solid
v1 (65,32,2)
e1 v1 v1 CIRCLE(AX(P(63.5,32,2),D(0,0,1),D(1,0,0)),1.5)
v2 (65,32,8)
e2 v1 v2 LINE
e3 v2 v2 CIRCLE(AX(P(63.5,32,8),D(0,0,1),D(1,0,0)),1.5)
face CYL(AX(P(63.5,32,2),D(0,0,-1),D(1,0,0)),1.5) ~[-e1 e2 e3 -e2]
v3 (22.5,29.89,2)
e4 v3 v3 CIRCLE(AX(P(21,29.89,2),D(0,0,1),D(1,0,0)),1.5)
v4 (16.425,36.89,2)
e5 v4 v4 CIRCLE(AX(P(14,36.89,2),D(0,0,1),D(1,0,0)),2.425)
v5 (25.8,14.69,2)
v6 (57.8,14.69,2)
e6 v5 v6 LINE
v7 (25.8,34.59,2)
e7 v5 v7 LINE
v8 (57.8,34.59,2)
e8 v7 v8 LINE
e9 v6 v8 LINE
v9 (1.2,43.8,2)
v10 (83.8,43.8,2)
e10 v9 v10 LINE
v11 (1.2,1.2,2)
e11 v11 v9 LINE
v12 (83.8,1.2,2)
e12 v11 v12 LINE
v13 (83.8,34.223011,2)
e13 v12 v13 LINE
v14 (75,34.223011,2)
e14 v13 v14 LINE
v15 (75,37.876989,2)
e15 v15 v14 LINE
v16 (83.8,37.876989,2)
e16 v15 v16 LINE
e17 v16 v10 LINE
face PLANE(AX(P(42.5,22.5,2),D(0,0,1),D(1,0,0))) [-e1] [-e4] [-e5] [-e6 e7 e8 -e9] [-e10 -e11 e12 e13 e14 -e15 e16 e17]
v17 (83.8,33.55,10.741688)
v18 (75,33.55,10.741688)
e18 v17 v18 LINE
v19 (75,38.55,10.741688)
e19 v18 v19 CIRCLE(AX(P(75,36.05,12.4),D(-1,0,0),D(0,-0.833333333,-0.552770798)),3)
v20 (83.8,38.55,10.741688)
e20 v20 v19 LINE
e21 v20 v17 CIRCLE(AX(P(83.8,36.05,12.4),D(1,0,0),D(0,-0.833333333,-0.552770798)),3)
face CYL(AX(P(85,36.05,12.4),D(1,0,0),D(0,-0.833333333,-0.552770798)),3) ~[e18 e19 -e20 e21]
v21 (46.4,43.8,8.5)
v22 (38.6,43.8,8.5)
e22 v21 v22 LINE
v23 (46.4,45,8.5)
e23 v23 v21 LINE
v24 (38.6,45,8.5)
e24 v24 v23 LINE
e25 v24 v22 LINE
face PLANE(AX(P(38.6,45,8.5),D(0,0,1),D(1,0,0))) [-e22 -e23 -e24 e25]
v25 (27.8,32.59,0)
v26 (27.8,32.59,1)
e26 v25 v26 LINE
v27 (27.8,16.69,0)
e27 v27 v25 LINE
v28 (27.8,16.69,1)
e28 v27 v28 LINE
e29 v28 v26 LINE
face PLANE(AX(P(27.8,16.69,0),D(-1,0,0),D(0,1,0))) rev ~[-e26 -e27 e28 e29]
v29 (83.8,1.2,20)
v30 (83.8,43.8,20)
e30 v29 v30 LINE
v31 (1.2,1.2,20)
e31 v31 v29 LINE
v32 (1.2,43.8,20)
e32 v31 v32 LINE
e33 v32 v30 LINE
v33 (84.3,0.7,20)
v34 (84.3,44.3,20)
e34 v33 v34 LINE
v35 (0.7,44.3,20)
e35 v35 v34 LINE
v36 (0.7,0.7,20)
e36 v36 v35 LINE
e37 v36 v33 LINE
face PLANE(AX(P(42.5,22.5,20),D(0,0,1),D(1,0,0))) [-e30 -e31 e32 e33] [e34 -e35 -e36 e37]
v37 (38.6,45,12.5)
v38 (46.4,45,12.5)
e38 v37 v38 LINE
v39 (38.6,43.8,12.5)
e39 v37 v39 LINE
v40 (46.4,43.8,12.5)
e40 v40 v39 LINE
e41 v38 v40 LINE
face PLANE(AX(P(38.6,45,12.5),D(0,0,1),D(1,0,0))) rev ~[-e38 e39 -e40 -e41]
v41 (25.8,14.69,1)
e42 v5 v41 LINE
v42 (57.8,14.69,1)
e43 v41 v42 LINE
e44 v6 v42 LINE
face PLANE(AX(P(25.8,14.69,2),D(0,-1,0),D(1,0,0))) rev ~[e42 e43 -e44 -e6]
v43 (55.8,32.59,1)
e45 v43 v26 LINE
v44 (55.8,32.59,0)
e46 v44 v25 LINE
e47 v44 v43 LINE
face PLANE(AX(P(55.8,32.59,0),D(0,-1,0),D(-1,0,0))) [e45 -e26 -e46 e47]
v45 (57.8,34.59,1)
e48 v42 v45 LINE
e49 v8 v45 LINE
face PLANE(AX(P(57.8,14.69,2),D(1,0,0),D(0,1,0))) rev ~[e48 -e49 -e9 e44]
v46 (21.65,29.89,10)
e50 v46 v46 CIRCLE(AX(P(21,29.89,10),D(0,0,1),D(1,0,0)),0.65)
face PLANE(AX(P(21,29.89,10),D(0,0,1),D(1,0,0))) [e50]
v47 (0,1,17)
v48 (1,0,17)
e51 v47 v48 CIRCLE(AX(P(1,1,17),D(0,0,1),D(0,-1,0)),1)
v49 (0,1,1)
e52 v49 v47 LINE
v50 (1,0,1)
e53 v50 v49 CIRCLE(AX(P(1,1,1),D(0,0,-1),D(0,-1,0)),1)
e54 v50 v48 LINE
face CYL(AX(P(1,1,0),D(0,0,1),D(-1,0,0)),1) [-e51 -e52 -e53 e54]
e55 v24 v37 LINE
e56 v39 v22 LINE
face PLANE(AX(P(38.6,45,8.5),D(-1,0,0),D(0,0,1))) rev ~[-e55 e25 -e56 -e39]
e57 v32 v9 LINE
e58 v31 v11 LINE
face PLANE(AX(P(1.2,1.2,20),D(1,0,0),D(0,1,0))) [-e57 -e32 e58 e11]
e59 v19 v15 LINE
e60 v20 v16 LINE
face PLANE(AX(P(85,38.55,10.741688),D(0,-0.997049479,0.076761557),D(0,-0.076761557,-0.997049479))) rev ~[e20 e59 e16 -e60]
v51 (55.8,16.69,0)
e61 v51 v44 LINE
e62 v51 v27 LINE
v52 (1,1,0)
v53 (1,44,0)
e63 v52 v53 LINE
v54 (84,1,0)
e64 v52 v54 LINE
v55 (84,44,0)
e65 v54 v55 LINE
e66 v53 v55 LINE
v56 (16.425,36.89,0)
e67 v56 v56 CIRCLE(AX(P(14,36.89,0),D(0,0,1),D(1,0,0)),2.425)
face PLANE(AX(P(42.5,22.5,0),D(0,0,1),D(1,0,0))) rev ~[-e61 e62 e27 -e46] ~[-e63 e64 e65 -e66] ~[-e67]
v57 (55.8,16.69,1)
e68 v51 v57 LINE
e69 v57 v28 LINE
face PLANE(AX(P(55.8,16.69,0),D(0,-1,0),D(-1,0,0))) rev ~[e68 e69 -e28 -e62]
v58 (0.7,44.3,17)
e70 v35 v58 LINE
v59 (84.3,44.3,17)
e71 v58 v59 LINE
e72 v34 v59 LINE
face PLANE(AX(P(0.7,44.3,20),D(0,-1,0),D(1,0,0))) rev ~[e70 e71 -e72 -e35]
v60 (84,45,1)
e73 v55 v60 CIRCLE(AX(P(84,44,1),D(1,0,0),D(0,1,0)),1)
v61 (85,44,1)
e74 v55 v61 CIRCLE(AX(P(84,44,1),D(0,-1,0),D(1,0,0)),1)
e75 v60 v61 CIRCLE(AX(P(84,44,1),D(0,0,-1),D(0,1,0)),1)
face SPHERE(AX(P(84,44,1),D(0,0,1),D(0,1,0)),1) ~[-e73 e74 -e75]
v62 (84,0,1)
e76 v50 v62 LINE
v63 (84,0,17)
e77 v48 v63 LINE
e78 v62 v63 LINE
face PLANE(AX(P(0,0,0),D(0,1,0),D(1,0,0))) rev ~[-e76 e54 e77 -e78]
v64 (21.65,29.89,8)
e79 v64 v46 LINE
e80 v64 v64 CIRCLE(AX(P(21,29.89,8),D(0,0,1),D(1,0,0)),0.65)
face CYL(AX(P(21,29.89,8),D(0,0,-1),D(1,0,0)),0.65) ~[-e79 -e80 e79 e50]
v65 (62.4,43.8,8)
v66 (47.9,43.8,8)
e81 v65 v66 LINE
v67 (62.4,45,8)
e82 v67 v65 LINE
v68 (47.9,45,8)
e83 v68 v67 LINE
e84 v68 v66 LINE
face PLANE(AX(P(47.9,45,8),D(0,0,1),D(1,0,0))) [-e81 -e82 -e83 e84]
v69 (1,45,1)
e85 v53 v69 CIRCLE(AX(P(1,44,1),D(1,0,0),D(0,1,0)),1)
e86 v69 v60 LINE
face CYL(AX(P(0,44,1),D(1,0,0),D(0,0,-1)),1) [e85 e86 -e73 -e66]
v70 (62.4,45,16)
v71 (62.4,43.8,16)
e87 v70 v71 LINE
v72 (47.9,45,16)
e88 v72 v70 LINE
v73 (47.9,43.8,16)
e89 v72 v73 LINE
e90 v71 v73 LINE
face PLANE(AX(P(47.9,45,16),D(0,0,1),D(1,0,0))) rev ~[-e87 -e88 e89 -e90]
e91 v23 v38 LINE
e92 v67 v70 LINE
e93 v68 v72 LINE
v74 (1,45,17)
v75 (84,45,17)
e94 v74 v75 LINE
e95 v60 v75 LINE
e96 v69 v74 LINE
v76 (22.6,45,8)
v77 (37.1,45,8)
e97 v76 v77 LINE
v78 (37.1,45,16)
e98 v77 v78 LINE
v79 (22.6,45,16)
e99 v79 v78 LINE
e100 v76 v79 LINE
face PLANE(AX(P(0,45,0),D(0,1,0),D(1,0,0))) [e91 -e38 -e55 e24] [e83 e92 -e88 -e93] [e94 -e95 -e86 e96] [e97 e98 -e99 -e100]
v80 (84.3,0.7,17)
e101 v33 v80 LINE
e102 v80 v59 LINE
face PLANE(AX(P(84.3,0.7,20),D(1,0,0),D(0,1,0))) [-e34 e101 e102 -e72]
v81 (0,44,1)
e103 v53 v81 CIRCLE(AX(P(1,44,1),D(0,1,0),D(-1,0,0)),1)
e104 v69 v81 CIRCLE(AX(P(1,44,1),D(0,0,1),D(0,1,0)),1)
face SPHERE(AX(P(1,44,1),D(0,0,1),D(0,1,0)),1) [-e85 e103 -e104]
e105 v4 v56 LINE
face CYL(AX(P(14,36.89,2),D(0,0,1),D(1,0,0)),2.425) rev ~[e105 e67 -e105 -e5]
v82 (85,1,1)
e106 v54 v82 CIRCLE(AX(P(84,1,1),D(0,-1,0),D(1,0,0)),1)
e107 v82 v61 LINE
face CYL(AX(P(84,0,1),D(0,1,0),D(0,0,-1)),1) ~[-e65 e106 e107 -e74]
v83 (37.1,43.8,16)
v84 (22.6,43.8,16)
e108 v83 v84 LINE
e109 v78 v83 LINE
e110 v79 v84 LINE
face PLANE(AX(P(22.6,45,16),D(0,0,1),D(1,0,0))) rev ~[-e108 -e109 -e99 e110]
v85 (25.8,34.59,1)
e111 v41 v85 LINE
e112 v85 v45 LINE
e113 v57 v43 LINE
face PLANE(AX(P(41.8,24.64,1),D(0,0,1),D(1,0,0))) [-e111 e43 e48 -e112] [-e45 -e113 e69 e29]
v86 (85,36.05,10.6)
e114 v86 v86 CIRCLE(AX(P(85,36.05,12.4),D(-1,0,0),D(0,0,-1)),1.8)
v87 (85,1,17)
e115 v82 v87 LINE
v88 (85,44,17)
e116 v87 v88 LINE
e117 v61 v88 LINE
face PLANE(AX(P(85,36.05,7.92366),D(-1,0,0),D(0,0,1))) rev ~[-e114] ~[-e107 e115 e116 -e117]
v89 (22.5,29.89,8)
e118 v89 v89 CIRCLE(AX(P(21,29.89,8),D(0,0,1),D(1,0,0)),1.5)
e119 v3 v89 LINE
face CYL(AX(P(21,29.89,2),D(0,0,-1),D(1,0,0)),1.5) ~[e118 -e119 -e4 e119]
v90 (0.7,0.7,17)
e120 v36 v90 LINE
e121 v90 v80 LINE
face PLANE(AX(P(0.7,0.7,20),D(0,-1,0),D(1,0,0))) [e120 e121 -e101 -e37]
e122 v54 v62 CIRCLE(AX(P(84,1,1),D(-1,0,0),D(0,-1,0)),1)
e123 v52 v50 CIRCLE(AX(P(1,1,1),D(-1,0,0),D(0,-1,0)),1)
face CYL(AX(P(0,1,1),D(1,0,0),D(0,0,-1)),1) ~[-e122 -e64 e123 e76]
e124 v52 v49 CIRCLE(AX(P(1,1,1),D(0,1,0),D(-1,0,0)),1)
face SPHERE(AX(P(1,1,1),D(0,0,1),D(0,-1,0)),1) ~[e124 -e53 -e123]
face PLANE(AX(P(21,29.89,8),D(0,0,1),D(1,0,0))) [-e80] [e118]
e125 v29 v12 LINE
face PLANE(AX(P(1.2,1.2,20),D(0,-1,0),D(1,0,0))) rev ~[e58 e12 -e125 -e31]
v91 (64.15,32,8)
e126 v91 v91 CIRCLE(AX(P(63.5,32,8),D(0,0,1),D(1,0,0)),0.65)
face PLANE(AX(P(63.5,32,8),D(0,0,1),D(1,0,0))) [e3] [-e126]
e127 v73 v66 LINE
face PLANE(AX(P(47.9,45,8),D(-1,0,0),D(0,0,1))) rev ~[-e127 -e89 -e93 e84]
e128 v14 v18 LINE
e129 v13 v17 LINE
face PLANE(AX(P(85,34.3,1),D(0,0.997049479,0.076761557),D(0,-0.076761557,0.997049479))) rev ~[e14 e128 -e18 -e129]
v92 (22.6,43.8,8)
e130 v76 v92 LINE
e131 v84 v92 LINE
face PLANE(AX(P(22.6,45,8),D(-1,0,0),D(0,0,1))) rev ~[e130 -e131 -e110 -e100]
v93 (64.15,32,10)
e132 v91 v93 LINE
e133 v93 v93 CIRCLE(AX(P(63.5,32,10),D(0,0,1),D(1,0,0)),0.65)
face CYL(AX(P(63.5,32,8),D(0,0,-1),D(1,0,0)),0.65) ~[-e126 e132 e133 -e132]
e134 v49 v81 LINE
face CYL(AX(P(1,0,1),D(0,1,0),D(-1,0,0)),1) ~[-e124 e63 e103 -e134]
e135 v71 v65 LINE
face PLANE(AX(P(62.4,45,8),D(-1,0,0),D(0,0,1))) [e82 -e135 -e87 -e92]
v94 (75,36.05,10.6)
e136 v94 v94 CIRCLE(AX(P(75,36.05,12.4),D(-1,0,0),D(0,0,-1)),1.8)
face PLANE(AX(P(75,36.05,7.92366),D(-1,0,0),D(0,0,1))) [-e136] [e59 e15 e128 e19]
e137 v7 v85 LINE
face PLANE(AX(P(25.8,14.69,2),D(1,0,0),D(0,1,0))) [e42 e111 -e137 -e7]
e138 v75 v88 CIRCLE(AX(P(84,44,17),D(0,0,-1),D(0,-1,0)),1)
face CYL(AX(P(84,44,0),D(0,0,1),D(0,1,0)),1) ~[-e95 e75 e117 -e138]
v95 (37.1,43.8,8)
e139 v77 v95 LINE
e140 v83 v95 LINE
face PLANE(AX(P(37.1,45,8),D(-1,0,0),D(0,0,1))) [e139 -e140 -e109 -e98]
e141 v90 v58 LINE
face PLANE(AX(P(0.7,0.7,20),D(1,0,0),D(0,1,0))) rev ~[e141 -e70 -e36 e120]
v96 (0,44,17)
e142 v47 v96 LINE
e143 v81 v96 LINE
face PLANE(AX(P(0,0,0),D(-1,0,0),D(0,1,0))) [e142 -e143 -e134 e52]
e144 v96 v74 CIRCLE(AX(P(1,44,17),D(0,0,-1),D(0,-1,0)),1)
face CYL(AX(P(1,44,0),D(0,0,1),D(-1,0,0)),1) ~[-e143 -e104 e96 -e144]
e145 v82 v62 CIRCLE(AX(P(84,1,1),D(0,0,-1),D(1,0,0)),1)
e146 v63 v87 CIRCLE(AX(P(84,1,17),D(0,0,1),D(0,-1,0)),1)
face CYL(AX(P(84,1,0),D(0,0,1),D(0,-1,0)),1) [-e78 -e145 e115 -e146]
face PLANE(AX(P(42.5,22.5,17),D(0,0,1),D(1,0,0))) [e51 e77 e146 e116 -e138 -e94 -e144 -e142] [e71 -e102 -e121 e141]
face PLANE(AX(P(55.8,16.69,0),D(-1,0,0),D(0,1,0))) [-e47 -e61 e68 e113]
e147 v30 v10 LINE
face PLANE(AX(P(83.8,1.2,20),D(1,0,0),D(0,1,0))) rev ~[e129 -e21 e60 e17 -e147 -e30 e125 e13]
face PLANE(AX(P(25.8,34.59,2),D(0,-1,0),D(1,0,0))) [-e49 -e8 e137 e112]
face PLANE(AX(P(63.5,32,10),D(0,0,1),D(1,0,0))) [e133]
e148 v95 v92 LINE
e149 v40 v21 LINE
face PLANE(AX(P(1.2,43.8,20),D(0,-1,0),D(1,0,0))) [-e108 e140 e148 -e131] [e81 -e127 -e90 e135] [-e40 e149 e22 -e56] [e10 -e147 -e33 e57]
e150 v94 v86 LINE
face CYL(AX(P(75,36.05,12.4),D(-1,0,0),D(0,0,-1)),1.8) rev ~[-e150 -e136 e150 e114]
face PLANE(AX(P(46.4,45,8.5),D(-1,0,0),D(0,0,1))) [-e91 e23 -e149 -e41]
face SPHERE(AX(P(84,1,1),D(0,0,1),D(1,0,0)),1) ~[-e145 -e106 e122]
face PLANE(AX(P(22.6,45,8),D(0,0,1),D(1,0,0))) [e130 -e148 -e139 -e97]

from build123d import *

# Parameters (mm, degrees)
SKETCH_1_W          = 85
SKETCH_1_H          = 45
EXTRUDE_1_DEPTH     = 20
SKETCH_2_W          = 82.6
SKETCH_2_H          = 42.6
CUT_EXTRUDE_1_DEPTH = 18
SKETCH_3_R          = 52.564832307
SKETCH_3_W          = 83.6
SKETCH_3_H          = 43.6
CUT_EXTRUDE_2_DEPTH = 3
SKETCH_4_R          = 1.5
CUT_EXTRUDE_3_DEPTH = 10
SKETCH_6_R          = 1.5
EXTRUDE_2_DEPTH     = 6
SKETCH_7_R          = 0.65
EXTRUDE_3_DEPTH     = 2
SKETCH_5_W          = 28
SKETCH_5_H          = 15.9
CUT_EXTRUDE_4_DEPTH = 99.234413522
SKETCH_9_W          = 32
SKETCH_9_H          = 19.9
CUT_EXTRUDE_5_DEPTH = 1
SKETCH_10_W         = 14.5
SKETCH_10_H         = 8
SKETCH_10_W_2       = 7.8
SKETCH_10_H_2       = 4
CUT_EXTRUDE_6_DEPTH = 10
FILLET_1_R          = 1
SKETCH_11_R         = 1.8
EXTRUDE_4_DEPTH     = 10
SKETCH_12_R         = 1.8
CUT_EXTRUDE_7_DEPTH = 90.721792225
SKETCH_13_R         = 2.425
CUT_EXTRUDE_8_DEPTH = 98.846819059


with BuildPart() as part:
    # Эскиз1 → Бобышка-Вытянуть1 (new body)
    with BuildSketch(Plane.XY):
        with Locations((42.5, 22.5)):
            Rectangle(SKETCH_1_W, SKETCH_1_H)
    extrude(amount=EXTRUDE_1_DEPTH)

    # Эскиз2 → Вырез-Вытянуть1 (cut)
    with BuildSketch(Plane.XY.offset(20)):
        with Locations((42.5, 22.5)):
            Rectangle(SKETCH_2_W, SKETCH_2_H)
    extrude(amount=-CUT_EXTRUDE_1_DEPTH, mode=Mode.SUBTRACT)

    # Эскиз3 → Вырез-Вытянуть2 (cut)
    with BuildSketch(Plane.XY.offset(20)):
        with Locations((42.5, 22.5)):
            Circle(SKETCH_3_R)
        with Locations((42.5, 22.5)):
            Rectangle(SKETCH_3_W, SKETCH_3_H, mode=Mode.SUBTRACT)
    extrude(amount=-CUT_EXTRUDE_2_DEPTH, mode=Mode.SUBTRACT)

    # Эскиз4 → Вырез-Вытянуть3 (cut)
    with BuildSketch(Plane.ZY.offset(-85)):
        with Locations(Location((12.4, 36.05, 0), (0, 0, 180))):
            Circle(SKETCH_4_R)
    extrude(amount=CUT_EXTRUDE_3_DEPTH, mode=Mode.SUBTRACT)

    # Эскиз6 → Бобышка-Вытянуть2 (add)
    with BuildSketch(Plane.XY.offset(2)):
        with Locations((21, 29.89)):
            Circle(SKETCH_6_R)
        with Locations((63.5, 32)):
            Circle(SKETCH_6_R)
    extrude(amount=EXTRUDE_2_DEPTH)

    # Эскиз7 → Бобышка-Вытянуть3 (add)
    with BuildSketch(Plane.XY.offset(8)):
        with Locations((21, 29.89)):
            Circle(SKETCH_7_R)
        with Locations((63.5, 32)):
            Circle(SKETCH_7_R)
    extrude(amount=EXTRUDE_3_DEPTH)

    # Эскиз5 → Вырез-Вытянуть4 (cut, through all)
    with BuildSketch(Plane(origin=(0, 0, 0), x_dir=(-1, 0, 0), z_dir=(0, 0, -1))):
        with Locations((-41.8, 24.64)):
            Rectangle(SKETCH_5_W, SKETCH_5_H)
    extrude(amount=-CUT_EXTRUDE_4_DEPTH, mode=Mode.SUBTRACT)

    # Эскиз9 → Вырез-Вытянуть5 (cut)
    with BuildSketch(Plane.XY.offset(2)):
        with Locations((41.8, 24.64)):
            Rectangle(SKETCH_9_W, SKETCH_9_H)
    extrude(amount=-CUT_EXTRUDE_5_DEPTH, mode=Mode.SUBTRACT)

    # Эскиз10 → Вырез-Вытянуть6 (cut)
    with BuildSketch(Plane.XZ.offset(-45)):
        with Locations((29.85, 12)):
            Rectangle(SKETCH_10_W, SKETCH_10_H)
        with Locations((55.15, 12)):
            Rectangle(SKETCH_10_W, SKETCH_10_H)
        with Locations((42.5, 10.5)):
            Rectangle(SKETCH_10_W_2, SKETCH_10_H_2)
    extrude(amount=CUT_EXTRUDE_6_DEPTH, mode=Mode.SUBTRACT)

    # Скругление1
    fillet_1_edges = [part.edges().sort_by_distance(p)[0] for p in [
        (0, 45, 8.5),
        (85, 45, 8.5),
        (85, 0, 8.5),
        (0, 0, 8.5),
        (42.5, 45, 0),
        (85, 22.5, 0),
        (42.5, 0, 0),
        (0, 22.5, 0),
    ]]
    fillet(fillet_1_edges, radius=FILLET_1_R)

    # Эскиз11 → Бобышка-Вытянуть4 (add)
    with BuildSketch(Plane.ZY.offset(-85)):
        with BuildLine():
            Line((1, 37.8), (1, 34.3))
            Line((1, 34.3), (10.741687605, 33.55))
            ThreePointArc((10.741687605, 33.55), (15.4, 36.05), (10.741687605, 38.55))
            Line((10.741687605, 38.55), (1, 37.8))
        make_face()
        with Locations(Location((12.4, 36.05, 0), (0, 0, 180))):
            Circle(SKETCH_11_R, mode=Mode.SUBTRACT)
    extrude(amount=EXTRUDE_4_DEPTH)

    # Эскиз12 → Вырез-Вытянуть7 (cut, through all)
    with BuildSketch(Plane.ZY.offset(-75)):
        with Locations(Location((12.4, 36.05, 0), (0, 0, 180))):
            Circle(SKETCH_12_R)
    extrude(amount=-CUT_EXTRUDE_7_DEPTH, mode=Mode.SUBTRACT)

    # Эскиз13 → Вырез-Вытянуть8 (cut, through all)
    with BuildSketch(Plane.XY.offset(2)):
        with Locations((14, 36.89)):
            Circle(SKETCH_13_R)
    extrude(amount=-CUT_EXTRUDE_8_DEPTH, mode=Mode.SUBTRACT)


solid = part.part
